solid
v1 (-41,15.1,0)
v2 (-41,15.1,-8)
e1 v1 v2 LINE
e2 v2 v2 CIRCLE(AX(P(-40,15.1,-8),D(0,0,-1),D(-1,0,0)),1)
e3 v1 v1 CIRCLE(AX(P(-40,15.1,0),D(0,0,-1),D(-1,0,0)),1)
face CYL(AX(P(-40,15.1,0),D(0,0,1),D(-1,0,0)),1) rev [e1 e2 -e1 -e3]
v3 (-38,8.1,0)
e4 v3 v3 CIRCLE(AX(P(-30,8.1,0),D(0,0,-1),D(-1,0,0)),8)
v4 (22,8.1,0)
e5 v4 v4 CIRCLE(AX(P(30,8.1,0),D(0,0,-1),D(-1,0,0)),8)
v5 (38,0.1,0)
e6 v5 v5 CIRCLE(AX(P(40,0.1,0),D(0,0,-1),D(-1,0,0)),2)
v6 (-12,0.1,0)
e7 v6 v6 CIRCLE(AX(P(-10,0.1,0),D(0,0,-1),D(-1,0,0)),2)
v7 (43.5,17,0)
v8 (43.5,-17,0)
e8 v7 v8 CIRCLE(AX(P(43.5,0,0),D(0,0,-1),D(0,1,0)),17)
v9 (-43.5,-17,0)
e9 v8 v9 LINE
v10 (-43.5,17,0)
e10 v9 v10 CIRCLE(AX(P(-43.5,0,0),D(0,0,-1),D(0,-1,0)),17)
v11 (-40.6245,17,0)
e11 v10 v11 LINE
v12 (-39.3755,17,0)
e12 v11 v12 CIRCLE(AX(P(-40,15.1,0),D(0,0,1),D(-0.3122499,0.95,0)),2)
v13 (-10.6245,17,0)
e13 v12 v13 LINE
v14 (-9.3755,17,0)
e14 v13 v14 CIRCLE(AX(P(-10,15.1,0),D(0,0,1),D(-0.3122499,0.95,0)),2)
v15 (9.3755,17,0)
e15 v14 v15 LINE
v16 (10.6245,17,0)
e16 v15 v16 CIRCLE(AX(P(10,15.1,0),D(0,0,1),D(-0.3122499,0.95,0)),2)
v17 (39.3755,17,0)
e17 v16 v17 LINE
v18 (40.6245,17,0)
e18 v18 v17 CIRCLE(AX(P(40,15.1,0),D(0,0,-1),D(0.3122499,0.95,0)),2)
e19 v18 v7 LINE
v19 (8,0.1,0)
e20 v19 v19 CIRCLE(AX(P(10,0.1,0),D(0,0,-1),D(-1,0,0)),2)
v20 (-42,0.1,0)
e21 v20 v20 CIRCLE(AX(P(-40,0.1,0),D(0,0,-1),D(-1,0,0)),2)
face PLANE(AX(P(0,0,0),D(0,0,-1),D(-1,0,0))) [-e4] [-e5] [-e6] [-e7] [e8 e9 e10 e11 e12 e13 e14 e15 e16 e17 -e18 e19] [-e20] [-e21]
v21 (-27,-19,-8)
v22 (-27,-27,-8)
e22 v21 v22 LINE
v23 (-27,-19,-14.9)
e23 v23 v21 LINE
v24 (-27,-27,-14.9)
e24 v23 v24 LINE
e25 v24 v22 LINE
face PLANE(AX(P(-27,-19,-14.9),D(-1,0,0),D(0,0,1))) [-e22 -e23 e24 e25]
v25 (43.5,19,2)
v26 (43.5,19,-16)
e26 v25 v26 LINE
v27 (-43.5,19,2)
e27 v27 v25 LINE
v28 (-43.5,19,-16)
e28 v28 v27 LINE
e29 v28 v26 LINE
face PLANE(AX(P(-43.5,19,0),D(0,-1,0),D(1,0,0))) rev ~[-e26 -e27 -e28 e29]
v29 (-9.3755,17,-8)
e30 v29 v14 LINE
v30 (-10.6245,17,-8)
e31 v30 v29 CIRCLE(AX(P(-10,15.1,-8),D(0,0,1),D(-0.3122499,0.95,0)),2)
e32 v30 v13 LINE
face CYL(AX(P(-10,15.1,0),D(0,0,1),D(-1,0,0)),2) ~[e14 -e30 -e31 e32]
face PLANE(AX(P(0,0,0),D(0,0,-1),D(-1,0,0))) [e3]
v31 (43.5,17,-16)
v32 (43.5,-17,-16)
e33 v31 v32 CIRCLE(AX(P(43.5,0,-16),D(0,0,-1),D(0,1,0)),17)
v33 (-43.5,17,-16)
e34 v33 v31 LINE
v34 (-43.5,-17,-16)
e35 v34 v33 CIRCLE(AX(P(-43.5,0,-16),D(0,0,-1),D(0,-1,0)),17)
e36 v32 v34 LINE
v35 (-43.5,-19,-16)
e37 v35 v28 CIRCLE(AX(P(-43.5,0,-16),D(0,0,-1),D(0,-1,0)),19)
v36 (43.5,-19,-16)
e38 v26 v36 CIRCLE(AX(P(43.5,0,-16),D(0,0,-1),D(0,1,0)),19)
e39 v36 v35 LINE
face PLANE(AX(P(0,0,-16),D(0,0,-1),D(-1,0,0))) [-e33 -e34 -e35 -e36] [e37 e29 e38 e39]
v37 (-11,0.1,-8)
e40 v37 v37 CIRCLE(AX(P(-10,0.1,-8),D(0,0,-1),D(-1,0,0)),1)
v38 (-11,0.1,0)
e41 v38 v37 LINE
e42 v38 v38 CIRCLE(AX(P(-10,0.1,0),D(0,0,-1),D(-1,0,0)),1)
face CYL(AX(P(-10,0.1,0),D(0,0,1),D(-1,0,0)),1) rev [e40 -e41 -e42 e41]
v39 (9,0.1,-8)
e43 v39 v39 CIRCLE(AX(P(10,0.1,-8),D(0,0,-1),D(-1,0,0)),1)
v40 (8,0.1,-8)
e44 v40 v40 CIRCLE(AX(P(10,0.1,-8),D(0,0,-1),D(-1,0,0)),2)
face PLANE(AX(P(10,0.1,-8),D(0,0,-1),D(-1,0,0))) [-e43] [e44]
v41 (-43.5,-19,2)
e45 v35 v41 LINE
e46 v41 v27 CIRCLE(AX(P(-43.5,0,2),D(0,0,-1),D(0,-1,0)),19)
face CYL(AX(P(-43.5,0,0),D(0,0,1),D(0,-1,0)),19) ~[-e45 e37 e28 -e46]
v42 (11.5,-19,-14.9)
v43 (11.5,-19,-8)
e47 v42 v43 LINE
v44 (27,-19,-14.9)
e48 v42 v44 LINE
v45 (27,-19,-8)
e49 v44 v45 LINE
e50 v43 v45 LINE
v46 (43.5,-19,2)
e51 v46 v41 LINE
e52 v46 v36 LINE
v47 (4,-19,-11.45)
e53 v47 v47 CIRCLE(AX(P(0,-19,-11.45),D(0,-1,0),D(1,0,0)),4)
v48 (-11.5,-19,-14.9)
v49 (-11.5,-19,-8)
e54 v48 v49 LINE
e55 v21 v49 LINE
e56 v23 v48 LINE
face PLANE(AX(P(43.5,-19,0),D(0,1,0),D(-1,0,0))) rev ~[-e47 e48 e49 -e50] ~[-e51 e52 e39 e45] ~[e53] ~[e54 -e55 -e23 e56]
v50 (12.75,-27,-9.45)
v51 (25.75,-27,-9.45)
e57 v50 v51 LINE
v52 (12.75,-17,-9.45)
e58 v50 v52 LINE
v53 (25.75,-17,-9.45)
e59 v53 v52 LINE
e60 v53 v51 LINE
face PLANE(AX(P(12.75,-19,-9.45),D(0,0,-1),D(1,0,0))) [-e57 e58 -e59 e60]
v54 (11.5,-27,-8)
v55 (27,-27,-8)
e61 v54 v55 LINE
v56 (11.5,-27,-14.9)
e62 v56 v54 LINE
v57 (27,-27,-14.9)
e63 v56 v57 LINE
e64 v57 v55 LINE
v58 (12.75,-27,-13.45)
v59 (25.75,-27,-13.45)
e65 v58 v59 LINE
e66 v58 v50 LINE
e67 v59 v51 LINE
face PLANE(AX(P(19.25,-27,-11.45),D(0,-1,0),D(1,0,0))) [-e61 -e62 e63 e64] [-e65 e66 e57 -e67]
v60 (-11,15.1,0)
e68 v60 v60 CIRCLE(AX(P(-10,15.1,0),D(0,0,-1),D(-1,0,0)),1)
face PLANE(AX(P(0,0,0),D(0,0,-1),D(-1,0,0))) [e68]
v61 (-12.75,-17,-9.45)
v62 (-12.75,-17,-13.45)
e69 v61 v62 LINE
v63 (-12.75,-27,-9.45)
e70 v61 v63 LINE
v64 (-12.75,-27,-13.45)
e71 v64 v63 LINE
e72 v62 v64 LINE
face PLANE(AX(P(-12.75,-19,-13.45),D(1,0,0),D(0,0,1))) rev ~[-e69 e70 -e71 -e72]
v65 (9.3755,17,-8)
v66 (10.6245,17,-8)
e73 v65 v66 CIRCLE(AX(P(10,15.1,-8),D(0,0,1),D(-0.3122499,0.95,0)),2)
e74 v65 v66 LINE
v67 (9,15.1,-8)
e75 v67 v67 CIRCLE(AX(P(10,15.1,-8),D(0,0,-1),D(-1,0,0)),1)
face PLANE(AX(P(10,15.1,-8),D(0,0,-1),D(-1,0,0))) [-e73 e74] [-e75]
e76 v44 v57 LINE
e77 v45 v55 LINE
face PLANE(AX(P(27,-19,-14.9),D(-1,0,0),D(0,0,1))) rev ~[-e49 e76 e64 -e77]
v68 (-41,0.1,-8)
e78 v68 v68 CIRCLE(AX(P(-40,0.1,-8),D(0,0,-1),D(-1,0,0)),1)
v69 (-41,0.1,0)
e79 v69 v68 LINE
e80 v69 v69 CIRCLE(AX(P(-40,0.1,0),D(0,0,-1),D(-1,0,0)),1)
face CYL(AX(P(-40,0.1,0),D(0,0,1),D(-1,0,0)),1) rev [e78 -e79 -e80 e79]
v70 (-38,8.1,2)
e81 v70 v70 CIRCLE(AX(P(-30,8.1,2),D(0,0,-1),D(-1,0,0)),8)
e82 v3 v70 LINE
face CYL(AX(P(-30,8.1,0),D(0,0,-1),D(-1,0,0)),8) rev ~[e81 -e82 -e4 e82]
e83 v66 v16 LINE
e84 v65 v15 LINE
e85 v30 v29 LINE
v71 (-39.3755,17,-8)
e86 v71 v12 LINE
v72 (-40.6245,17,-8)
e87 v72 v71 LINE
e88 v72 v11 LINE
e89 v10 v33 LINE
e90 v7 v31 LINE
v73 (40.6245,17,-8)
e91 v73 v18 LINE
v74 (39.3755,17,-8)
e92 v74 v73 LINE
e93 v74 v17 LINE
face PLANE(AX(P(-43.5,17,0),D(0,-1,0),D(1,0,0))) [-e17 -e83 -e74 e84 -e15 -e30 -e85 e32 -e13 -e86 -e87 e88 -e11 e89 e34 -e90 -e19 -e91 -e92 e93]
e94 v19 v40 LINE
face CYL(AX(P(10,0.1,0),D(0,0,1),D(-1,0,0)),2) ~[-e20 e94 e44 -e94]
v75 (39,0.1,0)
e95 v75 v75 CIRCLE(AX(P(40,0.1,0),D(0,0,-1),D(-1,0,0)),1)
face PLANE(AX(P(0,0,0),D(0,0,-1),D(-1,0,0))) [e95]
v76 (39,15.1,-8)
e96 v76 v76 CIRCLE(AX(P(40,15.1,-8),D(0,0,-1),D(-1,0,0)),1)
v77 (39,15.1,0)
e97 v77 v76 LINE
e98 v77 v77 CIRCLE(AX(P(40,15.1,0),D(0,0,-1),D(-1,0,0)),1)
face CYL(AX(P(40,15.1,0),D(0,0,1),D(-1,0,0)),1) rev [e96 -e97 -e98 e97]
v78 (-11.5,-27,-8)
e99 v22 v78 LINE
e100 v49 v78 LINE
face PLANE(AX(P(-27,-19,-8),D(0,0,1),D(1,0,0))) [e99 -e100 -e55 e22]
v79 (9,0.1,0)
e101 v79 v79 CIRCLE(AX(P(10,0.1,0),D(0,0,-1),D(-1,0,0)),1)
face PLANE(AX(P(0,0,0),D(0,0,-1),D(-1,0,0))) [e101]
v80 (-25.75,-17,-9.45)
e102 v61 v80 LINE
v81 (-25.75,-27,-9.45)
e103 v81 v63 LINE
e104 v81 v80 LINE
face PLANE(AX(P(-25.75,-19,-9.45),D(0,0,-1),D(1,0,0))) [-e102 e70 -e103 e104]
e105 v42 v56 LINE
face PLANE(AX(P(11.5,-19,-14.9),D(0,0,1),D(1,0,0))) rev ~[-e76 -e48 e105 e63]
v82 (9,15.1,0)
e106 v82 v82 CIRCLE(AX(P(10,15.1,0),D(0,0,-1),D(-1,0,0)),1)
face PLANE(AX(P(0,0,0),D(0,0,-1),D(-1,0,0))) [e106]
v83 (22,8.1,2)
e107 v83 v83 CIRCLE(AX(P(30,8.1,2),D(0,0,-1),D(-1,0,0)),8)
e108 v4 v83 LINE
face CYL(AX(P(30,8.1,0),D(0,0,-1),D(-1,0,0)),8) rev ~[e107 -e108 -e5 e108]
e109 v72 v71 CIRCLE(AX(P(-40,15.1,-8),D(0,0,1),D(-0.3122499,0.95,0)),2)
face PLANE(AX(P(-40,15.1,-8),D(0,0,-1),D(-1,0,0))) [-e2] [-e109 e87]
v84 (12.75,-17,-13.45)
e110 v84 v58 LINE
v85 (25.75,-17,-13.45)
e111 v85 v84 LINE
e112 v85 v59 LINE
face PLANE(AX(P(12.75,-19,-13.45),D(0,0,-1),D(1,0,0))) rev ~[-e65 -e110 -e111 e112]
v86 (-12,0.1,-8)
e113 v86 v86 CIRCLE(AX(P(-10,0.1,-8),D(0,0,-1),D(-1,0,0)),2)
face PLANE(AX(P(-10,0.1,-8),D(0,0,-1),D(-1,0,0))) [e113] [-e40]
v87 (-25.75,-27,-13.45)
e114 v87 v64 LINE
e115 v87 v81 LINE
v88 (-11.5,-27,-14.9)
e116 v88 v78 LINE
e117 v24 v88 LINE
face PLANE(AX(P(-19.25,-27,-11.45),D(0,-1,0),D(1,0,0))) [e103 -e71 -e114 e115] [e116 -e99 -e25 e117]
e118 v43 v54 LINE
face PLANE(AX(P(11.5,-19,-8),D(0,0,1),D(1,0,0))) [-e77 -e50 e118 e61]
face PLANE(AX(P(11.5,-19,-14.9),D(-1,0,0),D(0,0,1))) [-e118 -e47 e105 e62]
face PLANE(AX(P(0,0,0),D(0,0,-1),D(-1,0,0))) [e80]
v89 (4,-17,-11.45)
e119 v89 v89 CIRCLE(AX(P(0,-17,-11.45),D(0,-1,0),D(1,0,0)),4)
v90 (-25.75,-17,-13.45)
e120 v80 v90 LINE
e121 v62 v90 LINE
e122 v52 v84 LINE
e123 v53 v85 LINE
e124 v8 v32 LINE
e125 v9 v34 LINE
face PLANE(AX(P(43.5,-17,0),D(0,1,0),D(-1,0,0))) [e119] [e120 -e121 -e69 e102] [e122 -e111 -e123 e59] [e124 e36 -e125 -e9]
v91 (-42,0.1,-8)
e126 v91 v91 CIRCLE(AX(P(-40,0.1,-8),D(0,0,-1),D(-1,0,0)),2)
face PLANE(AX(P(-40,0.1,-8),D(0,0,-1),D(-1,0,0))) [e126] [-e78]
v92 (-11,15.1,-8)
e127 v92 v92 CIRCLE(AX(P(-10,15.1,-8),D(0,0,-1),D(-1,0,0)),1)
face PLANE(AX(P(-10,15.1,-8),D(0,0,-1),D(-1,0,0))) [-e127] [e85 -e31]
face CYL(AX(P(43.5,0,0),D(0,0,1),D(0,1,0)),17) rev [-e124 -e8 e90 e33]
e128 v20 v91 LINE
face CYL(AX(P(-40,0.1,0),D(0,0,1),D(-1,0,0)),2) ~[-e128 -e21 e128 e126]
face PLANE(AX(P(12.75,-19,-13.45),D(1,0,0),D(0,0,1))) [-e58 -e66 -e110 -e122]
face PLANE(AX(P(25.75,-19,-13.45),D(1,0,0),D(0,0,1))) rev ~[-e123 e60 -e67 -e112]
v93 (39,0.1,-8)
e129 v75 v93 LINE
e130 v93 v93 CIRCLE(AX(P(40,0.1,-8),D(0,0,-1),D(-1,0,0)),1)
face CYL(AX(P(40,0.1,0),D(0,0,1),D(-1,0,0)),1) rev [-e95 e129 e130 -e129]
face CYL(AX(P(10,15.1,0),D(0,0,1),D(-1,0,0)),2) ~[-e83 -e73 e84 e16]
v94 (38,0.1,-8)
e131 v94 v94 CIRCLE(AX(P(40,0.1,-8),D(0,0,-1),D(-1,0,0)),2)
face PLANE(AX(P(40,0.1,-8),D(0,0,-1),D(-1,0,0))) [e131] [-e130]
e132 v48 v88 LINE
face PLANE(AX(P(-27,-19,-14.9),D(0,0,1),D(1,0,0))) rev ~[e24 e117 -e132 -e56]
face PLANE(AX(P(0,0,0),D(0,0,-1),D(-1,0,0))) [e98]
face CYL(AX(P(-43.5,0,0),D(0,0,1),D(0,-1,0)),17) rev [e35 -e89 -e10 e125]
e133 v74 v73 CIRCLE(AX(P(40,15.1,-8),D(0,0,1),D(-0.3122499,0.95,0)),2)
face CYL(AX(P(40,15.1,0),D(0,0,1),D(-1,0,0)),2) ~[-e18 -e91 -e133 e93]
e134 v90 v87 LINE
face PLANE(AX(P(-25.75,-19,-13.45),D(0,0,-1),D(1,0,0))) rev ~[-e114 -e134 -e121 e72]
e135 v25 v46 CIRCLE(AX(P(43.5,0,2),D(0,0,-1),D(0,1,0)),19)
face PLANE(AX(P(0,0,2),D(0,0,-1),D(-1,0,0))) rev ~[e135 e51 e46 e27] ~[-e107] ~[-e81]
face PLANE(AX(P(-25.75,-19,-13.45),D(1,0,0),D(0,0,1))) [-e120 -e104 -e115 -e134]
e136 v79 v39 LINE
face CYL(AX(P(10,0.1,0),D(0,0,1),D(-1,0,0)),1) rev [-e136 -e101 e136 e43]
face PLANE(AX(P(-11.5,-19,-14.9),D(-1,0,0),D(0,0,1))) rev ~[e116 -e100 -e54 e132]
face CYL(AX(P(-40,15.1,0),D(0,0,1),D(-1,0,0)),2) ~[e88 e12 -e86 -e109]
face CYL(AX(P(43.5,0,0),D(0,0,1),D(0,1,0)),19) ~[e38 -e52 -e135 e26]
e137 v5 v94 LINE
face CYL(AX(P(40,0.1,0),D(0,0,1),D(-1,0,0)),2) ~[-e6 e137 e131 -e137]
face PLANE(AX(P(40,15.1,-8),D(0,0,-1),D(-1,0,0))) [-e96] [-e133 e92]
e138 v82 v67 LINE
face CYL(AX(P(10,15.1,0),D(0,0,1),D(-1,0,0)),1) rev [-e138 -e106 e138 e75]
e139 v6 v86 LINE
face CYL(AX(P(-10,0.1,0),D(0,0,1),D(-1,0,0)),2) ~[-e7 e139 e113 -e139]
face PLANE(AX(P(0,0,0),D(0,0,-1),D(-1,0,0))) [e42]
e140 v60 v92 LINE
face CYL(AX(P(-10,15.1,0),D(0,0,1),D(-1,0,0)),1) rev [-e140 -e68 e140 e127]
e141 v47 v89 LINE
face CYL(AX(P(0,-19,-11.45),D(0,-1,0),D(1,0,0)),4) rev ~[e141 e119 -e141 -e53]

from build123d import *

# Parameters (mm, degrees)
BOSS_EXTRUDE1_DEPTH = 2
BOSS_EXTRUDE2_START = -16
BOSS_EXTRUDE2_DEPTH = 16
SKETCH2_R           = 2
SKETCH2_R_2         = 1
BOSS_EXTRUDE3_DEPTH = 8
SKETCH3_R           = 8
CUT_EXTRUDE1_DEPTH  = 8
SKETCH4_W           = 15.5
SKETCH4_H           = 6.9
SKETCH4_W_2         = 13
SKETCH4_H_2         = 4
BOSS_EXTRUDE4_DEPTH = 8
SKETCH4_2_W         = 13
SKETCH4_2_H         = 4
SKETCH4_2_R         = 4
CUT_EXTRUDE2_DEPTH  = 8


with BuildPart() as part:
    # Sketch1 → Boss-Extrude1 (new body)
    with BuildSketch(Plane.XY):
        with BuildLine():
            Line((43.5, 19), (-43.5, 19))
            ThreePointArc((-43.5, 19), (-62.5, 0), (-43.5, -19))
            Line((-43.5, -19), (43.5, -19))
            ThreePointArc((43.5, -19), (62.5, 0), (43.5, 19))
        make_face()
    extrude(amount=BOSS_EXTRUDE1_DEPTH)

    # Sketch1<3> → Boss-Extrude2 (add)
    with BuildSketch(Plane.XY.offset(BOSS_EXTRUDE2_START)):
        with BuildLine():
            Line((-43.5, 19), (43.5, 19))
            ThreePointArc((43.5, 19), (62.5, 0), (43.5, -19))
            Line((43.5, -19), (-43.5, -19))
            ThreePointArc((-43.5, -19), (-62.5, 0), (-43.5, 19))
        make_face()
        with BuildLine():
            Line((-43.5, 17), (43.5, 17))
            ThreePointArc((43.5, 17), (60.5, 0), (43.5, -17))
            Line((43.5, -17), (-43.5, -17))
            ThreePointArc((-43.5, -17), (-60.5, 0), (-43.5, 17))
        make_face(mode=Mode.SUBTRACT)
    extrude(amount=BOSS_EXTRUDE2_DEPTH)

    # Sketch2 → Boss-Extrude3 (add)
    # profile 1 of 8: a face of its own
    with BuildSketch(Plane(origin=(0, 0, 0), x_dir=(-1, 0, 0), z_dir=(0, 0, -1))):
        with Locations((-40, 15.1)):
            Circle(SKETCH2_R)
        with Locations((-40, 15.1)):
            Circle(SKETCH2_R_2, mode=Mode.SUBTRACT)
    # profile 2 of 8: a face of its own
    with BuildSketch(Plane(origin=(0, 0, 0), x_dir=(-1, 0, 0), z_dir=(0, 0, -1))):
        with Locations((-10, 15.1)):
            Circle(SKETCH2_R)
        with Locations((-10, 15.1)):
            Circle(SKETCH2_R_2, mode=Mode.SUBTRACT)
    # profile 3 of 8: a face of its own
    with BuildSketch(Plane(origin=(0, 0, 0), x_dir=(-1, 0, 0), z_dir=(0, 0, -1))):
        with Locations((-40, 0.1)):
            Circle(SKETCH2_R)
        with Locations((-40, 0.1)):
            Circle(SKETCH2_R_2, mode=Mode.SUBTRACT)
    # profile 4 of 8: a face of its own
    with BuildSketch(Plane(origin=(0, 0, 0), x_dir=(-1, 0, 0), z_dir=(0, 0, -1))):
        with Locations((-10, 0.1)):
            Circle(SKETCH2_R)
        with Locations((-10, 0.1)):
            Circle(SKETCH2_R_2, mode=Mode.SUBTRACT)
    # profile 5 of 8: a face of its own
    with BuildSketch(Plane(origin=(0, 0, 0), x_dir=(-1, 0, 0), z_dir=(0, 0, -1))):
        with Locations((10, 15.1)):
            Circle(SKETCH2_R)
        with Locations((10, 15.1)):
            Circle(SKETCH2_R_2, mode=Mode.SUBTRACT)
    # profile 6 of 8: a face of its own
    with BuildSketch(Plane(origin=(0, 0, 0), x_dir=(-1, 0, 0), z_dir=(0, 0, -1))):
        with Locations((40, 15.1)):
            Circle(SKETCH2_R)
        with Locations((40, 15.1)):
            Circle(SKETCH2_R_2, mode=Mode.SUBTRACT)
    # profile 7 of 8: a face of its own
    with BuildSketch(Plane(origin=(0, 0, 0), x_dir=(-1, 0, 0), z_dir=(0, 0, -1))):
        with Locations((10, 0.1)):
            Circle(SKETCH2_R)
        with Locations((10, 0.1)):
            Circle(SKETCH2_R_2, mode=Mode.SUBTRACT)
    # profile 8 of 8: a face of its own
    with BuildSketch(Plane(origin=(0, 0, 0), x_dir=(-1, 0, 0), z_dir=(0, 0, -1))):
        with Locations((40, 0.1)):
            Circle(SKETCH2_R)
        with Locations((40, 0.1)):
            Circle(SKETCH2_R_2, mode=Mode.SUBTRACT)
    extrude(amount=BOSS_EXTRUDE3_DEPTH)

    # Sketch3 → Cut-Extrude1 (cut)
    with BuildSketch(Plane(origin=(0, 0, 0), x_dir=(-1, 0, 0), z_dir=(0, 0, -1))):
        with Locations((30, 8.1)):
            Circle(SKETCH3_R)
        with Locations((-30, 8.1)):
            Circle(SKETCH3_R)
    extrude(amount=-CUT_EXTRUDE1_DEPTH, mode=Mode.SUBTRACT)

    # Sketch4 → Boss-Extrude4 (add)
    # profile 1 of 2: a face of its own
    with BuildSketch(Plane.XZ.offset(19)):
        with Locations((-19.25, -11.45)):
            Rectangle(SKETCH4_W, SKETCH4_H)
        with Locations((-19.25, -11.45)):
            Rectangle(SKETCH4_W_2, SKETCH4_H_2, mode=Mode.SUBTRACT)
    # profile 2 of 2: a face of its own
    with BuildSketch(Plane.XZ.offset(19)):
        with Locations((19.25, -11.45)):
            Rectangle(SKETCH4_W, SKETCH4_H)
        with Locations((19.25, -11.45)):
            Rectangle(SKETCH4_W_2, SKETCH4_H_2, mode=Mode.SUBTRACT)
    extrude(amount=BOSS_EXTRUDE4_DEPTH)

    # Sketch4<2> → Cut-Extrude2 (cut)
    with BuildSketch(Plane.XZ.offset(19)):
        with Locations((-19.25, -11.45)):
            Rectangle(SKETCH4_2_W, SKETCH4_2_H)
        with Locations((19.25, -11.45)):
            Rectangle(SKETCH4_2_W, SKETCH4_2_H)
        with Locations((0, -11.45)):
            Circle(SKETCH4_2_R)
    extrude(amount=-CUT_EXTRUDE2_DEPTH, mode=Mode.SUBTRACT)


solid = part.part
